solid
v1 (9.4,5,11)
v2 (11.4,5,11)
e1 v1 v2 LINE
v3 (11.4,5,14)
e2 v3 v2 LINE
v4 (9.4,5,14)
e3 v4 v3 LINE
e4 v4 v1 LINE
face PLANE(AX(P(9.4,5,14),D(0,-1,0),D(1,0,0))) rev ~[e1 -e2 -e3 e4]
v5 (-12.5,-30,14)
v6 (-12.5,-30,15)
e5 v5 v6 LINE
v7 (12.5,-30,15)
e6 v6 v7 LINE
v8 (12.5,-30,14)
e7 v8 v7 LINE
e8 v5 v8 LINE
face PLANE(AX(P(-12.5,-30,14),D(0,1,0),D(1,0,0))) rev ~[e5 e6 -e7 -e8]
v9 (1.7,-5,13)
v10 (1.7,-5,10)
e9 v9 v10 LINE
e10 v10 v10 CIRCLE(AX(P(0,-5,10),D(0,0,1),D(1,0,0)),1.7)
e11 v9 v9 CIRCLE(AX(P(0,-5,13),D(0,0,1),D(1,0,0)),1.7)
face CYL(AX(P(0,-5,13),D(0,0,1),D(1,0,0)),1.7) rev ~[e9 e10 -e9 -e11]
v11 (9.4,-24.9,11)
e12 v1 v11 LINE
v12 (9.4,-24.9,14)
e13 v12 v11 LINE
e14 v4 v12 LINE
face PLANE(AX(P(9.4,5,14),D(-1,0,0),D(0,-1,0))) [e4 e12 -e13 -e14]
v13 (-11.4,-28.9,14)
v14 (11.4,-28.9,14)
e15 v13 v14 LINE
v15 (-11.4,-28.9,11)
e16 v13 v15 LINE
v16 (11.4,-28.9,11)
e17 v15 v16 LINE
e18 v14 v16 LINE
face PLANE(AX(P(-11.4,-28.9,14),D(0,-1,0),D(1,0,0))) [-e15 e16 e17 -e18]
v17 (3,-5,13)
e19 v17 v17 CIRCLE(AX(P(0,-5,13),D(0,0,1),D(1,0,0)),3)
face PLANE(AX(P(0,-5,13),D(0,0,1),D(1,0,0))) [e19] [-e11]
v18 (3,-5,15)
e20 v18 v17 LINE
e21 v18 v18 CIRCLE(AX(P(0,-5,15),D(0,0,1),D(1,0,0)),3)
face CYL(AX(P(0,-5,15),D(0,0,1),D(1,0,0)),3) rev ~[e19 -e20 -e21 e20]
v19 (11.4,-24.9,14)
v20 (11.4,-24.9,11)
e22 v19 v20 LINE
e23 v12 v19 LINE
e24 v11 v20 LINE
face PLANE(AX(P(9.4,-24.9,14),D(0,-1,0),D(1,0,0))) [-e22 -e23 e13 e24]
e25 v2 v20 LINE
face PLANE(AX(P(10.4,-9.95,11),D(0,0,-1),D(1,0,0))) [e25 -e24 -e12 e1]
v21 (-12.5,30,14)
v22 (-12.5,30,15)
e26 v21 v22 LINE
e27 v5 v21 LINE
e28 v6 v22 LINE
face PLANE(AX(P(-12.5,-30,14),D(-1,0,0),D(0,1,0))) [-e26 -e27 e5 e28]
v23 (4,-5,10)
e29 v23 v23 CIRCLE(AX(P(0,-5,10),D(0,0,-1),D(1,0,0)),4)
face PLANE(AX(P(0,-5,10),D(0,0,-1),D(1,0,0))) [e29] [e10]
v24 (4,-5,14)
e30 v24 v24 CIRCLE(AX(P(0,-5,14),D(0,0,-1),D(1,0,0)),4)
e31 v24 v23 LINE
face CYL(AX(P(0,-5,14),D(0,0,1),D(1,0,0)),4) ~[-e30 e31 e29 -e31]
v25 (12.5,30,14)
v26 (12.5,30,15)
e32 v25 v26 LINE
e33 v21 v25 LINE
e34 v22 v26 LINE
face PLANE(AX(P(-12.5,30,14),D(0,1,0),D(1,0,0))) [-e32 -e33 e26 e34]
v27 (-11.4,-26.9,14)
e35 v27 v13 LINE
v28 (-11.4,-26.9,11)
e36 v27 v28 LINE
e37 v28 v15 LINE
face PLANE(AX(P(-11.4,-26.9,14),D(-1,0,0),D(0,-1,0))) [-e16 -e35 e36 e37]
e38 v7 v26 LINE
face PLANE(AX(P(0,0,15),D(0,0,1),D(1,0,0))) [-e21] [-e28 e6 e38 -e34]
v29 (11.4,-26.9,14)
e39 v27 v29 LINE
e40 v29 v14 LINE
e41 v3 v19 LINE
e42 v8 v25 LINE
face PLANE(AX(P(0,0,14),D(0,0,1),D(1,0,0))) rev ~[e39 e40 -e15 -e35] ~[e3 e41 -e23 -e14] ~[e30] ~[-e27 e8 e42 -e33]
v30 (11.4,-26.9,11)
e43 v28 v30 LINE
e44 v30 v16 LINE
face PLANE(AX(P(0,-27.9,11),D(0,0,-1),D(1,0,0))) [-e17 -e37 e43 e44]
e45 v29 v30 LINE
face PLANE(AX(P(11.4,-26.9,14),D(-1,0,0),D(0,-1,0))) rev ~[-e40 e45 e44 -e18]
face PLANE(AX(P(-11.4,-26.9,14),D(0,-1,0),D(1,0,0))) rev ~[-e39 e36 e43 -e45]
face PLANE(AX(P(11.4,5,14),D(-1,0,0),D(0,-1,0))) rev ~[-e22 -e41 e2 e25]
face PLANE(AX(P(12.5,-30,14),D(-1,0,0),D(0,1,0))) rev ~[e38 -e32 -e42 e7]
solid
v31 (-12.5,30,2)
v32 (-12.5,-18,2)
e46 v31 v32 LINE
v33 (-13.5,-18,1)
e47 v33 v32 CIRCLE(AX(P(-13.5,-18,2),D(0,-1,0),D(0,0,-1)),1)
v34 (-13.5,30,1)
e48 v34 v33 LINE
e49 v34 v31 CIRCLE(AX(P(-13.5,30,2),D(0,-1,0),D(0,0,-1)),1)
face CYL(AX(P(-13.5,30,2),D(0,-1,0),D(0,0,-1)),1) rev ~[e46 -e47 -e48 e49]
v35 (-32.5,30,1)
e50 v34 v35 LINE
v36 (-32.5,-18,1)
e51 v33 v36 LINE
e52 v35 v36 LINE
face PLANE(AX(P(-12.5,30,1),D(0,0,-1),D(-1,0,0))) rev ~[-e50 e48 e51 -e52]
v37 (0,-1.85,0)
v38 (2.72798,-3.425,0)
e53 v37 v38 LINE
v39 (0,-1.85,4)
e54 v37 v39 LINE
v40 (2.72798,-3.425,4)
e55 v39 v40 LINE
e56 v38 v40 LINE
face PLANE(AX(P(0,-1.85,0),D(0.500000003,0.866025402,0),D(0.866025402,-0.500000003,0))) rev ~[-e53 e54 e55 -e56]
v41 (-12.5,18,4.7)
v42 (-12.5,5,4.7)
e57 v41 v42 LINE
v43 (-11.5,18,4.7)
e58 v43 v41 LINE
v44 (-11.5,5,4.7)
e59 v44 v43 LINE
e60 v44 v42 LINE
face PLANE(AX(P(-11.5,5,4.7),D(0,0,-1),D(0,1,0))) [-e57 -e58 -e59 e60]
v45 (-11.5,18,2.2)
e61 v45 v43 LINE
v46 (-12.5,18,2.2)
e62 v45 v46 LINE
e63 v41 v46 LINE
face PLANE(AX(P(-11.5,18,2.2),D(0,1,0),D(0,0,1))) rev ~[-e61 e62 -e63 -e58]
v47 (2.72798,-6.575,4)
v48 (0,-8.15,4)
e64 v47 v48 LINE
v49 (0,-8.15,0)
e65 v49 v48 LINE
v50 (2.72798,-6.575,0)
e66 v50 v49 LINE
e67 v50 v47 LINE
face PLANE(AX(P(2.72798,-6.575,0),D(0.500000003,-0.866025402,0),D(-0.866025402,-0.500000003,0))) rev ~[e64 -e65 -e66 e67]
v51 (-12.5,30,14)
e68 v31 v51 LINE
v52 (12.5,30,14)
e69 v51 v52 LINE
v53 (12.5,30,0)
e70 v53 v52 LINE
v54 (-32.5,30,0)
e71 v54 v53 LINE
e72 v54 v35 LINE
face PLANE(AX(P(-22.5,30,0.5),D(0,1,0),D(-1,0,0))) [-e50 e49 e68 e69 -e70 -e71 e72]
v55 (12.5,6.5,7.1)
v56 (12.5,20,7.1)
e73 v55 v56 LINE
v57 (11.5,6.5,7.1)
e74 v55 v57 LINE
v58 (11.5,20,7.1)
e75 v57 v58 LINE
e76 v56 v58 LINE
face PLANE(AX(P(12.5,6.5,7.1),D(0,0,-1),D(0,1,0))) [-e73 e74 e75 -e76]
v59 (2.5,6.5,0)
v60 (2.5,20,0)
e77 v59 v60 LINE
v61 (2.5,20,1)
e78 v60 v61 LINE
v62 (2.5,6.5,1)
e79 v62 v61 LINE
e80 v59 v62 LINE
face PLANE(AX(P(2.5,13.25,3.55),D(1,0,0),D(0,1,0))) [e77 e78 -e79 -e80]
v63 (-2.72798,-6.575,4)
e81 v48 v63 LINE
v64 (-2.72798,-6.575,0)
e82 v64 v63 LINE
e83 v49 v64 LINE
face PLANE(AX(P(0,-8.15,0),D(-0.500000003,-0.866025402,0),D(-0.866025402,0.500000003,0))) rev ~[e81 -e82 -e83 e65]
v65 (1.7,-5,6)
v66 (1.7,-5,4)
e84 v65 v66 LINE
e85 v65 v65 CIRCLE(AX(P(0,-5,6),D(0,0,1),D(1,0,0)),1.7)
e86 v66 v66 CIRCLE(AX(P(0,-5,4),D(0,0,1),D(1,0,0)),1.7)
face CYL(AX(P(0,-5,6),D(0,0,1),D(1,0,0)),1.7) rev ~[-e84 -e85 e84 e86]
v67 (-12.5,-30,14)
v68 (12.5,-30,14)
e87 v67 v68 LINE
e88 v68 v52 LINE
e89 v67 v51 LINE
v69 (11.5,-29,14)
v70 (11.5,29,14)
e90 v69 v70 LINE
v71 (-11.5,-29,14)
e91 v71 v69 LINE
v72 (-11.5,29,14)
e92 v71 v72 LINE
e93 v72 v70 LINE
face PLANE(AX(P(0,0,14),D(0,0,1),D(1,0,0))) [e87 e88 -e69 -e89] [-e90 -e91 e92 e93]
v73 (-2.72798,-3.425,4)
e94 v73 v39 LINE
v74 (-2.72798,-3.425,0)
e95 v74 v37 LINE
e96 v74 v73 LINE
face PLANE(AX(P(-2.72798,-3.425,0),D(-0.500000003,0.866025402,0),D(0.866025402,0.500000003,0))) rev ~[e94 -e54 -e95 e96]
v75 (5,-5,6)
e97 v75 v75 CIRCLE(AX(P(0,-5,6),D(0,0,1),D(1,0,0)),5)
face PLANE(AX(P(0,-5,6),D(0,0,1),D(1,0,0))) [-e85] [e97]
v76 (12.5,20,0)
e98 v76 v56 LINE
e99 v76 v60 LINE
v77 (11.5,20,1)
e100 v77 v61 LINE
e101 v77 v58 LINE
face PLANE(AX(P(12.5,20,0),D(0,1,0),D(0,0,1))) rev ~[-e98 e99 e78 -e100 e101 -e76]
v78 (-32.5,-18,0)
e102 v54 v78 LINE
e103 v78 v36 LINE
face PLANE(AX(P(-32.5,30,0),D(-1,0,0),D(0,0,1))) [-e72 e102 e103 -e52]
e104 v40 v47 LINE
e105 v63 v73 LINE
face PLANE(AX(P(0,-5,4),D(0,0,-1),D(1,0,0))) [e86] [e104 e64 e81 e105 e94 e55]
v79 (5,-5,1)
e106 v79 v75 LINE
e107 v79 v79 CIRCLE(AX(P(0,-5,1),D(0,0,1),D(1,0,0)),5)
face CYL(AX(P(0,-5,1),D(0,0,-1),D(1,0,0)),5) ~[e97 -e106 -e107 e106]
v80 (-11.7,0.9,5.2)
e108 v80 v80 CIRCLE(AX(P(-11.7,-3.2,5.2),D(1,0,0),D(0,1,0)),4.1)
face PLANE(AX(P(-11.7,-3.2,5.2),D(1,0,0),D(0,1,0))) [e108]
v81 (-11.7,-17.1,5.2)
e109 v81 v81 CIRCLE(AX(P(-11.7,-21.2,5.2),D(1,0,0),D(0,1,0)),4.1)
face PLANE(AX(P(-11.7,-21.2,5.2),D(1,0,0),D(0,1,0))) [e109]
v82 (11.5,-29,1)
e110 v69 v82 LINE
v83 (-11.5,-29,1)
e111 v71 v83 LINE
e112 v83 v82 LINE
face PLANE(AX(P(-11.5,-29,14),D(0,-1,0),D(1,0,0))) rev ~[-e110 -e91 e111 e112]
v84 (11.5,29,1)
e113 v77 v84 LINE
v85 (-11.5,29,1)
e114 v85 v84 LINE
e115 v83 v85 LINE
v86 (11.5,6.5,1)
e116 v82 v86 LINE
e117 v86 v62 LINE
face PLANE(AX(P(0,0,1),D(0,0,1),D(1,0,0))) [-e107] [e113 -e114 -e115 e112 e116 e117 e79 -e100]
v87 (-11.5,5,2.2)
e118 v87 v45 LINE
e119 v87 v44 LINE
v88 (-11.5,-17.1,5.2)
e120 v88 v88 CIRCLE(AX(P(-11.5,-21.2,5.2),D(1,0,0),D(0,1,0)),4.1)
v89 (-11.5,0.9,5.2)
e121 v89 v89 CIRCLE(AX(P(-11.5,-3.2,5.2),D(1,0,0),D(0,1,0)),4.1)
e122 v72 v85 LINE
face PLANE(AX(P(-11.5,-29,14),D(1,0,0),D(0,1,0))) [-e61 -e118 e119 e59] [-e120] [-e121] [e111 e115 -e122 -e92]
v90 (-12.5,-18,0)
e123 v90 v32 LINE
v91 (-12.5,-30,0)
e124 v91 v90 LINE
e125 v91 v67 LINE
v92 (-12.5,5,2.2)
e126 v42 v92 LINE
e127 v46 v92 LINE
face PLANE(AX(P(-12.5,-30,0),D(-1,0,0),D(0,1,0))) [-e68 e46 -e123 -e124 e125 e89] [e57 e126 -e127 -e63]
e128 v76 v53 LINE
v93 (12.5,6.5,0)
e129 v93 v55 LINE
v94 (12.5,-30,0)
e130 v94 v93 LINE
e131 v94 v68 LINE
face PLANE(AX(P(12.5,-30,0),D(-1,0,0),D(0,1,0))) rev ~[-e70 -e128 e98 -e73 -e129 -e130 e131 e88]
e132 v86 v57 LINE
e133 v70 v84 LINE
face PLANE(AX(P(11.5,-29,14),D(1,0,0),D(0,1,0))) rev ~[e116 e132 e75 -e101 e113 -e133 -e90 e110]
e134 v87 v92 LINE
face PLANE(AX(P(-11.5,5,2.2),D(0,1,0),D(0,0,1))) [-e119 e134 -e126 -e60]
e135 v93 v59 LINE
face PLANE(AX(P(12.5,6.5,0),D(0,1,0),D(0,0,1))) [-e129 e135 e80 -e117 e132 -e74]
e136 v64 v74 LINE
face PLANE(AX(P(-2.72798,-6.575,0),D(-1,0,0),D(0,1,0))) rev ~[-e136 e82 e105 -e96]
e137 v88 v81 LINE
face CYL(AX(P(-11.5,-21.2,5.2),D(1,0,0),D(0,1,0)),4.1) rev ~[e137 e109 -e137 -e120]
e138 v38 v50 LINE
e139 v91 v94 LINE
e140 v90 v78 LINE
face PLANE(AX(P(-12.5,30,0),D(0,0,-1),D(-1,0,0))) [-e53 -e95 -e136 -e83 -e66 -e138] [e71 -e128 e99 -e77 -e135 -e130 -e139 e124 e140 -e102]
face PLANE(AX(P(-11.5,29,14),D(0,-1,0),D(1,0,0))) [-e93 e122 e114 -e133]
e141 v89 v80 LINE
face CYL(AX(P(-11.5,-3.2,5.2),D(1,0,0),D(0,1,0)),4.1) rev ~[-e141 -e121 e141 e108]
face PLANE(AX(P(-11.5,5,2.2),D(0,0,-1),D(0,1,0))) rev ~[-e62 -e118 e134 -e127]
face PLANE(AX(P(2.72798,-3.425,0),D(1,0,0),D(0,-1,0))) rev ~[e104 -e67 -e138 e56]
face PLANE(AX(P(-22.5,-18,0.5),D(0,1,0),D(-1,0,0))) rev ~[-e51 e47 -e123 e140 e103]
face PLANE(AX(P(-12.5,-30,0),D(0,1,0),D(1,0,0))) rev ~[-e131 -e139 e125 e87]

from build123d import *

# Parameters (mm, degrees)
SKETCH_W        = 25
SKETCH_H        = 60
PAD_DEPTH       = 14
SKETCH001_W     = 23
SKETCH001_H     = 58
POCKET_DEPTH    = 13
SKETCH002_W     = 13
SKETCH002_H     = 2.5
POCKET001_DEPTH = 5
SKETCH003_R     = 4.1
POCKET002_DEPTH = 0.2
SKETCH004_W     = 13.5
SKETCH004_H     = 7.1
POCKET003_DEPTH = 10
SKETCH005_R     = 5
PAD001_DEPTH    = 5
SKETCH006_R     = 1.7
POCKET004_DEPTH = 6.001
POCKET005_DEPTH = 4
SKETCH013_W     = 20
SKETCH013_H     = 1
PAD005_DEPTH    = 48
FILLET_R        = 1
SKETCH008_W     = 25
SKETCH008_H     = 60
PAD002_DEPTH    = 1
SKETCH009_W     = 22.8
SKETCH009_H     = 2
SKETCH009_W_2   = 2
SKETCH009_H_2   = 29.9
PAD003_DEPTH    = 3
SKETCH010_R     = 4
PAD004_DEPTH    = 4
SKETCH011_R     = 3
POCKET006_DEPTH = 2
SKETCH012_R     = 1.7
POCKET007_DEPTH = 5


with BuildPart() as bottom:
    # Sketch → Pad (new body)
    with BuildSketch(Plane.XY):
        Rectangle(SKETCH_W, SKETCH_H)
    extrude(amount=PAD_DEPTH)

    # Sketch001 (on Face6 of Pad) → Pocket (cut)
    with BuildSketch(Plane.XY.offset(14)):
        Rectangle(SKETCH001_W, SKETCH001_H)
    extrude(amount=-POCKET_DEPTH, mode=Mode.SUBTRACT)

    # Sketch002 (on Face7 of Pocket) → Pocket001 (cut)
    with BuildSketch(Plane.YZ.offset(-11.5)):
        with Locations((11.5, 3.45)):
            Rectangle(SKETCH002_W, SKETCH002_H)
    extrude(amount=-POCKET001_DEPTH, mode=Mode.SUBTRACT)

    # Sketch003 (on Face11 of Pocket001) → Pocket002 (cut)
    with BuildSketch(Plane.YZ.offset(-11.5)):
        with Locations((-3.2, 5.2)):
            Circle(SKETCH003_R)
        with Locations((-21.2, 5.2)):
            Circle(SKETCH003_R)
    extrude(amount=-POCKET002_DEPTH, mode=Mode.SUBTRACT)

    # Sketch004 (on Face3 of Pocket002) → Pocket003 (cut)
    with BuildSketch(Plane.YZ.offset(12.5)):
        with Locations((13.25, 3.55)):
            Rectangle(SKETCH004_W, SKETCH004_H)
    extrude(amount=-POCKET003_DEPTH, mode=Mode.SUBTRACT)

    # Sketch005 (on Face19 of Pocket003) → Pad001 (join)
    with BuildSketch(Plane.XY.offset(1)):
        with Locations((0, -5)):
            Circle(SKETCH005_R)
    extrude(amount=PAD001_DEPTH)

    # Sketch006 (on Face25 of Pad001) → Pocket004 (cut, through all)
    with BuildSketch(Plane.XY.offset(6)):
        with Locations((0, -5)):
            Circle(SKETCH006_R)
    extrude(amount=-POCKET004_DEPTH, mode=Mode.SUBTRACT)

    # Sketch007 (on Face4 of Pocket004) → Pocket005 (cut)
    with BuildSketch(Plane(origin=(0, 0, 0), x_dir=(1, 0, 0), z_dir=(0, 0, -1))):
        Polygon((2.72798, 6.575), (0, 8.15), (-2.72798, 6.575), (-2.72798, 3.425), (0, 1.85), (2.72798, 3.425), align=None)
    extrude(amount=-POCKET005_DEPTH, mode=Mode.SUBTRACT)

    # Sketch013 (on Face6 of Pocket005) → Pad005 (join)
    with BuildSketch(Plane(origin=(0, 30, 0), x_dir=(-1, 0, 0), z_dir=(0, 1, 0))):
        with Locations((22.5, 0.5)):
            Rectangle(SKETCH013_W, SKETCH013_H)
    extrude(amount=-PAD005_DEPTH)

    # Fillet
    fillet_edges = [bottom.edges().sort_by_distance(p)[0] for p in [
        (-12.5, 6, 1),
    ]]
    fillet(fillet_edges, radius=FILLET_R)


with BuildPart() as top:
    # Sketch008 → Pad002 (new body)
    with BuildSketch(Plane.XY.offset(14)):
        Rectangle(SKETCH008_W, SKETCH008_H)
    extrude(amount=PAD002_DEPTH)

    # Sketch009 (on Face5 of Pad002) → Pad003 (join)
    with BuildSketch(Plane(origin=(0, 0, 14), x_dir=(1, 0, 0), z_dir=(0, 0, -1))):
        with Locations((0, 27.9)):
            Rectangle(SKETCH009_W, SKETCH009_H)
        with Locations((10.4, 9.95)):
            Rectangle(SKETCH009_W_2, SKETCH009_H_2)
    extrude(amount=PAD003_DEPTH)

    # Sketch010 (on Face4 of Pad003) → Pad004 (join)
    with BuildSketch(Plane(origin=(0, 0, 14), x_dir=(1, 0, 0), z_dir=(0, 0, -1))):
        with Locations((0, 5)):
            Circle(SKETCH010_R)
    extrude(amount=PAD004_DEPTH)

    # Sketch011 (on Face5 of Pad004) → Pocket006 (cut)
    with BuildSketch(Plane.XY.offset(15)):
        with Locations((0, -5)):
            Circle(SKETCH011_R)
    extrude(amount=-POCKET006_DEPTH, mode=Mode.SUBTRACT)

    # Sketch012 (on Face20 of Pocket006) → Pocket007 (cut)
    with BuildSketch(Plane.XY.offset(13)):
        with Locations((0, -5)):
            Circle(SKETCH012_R)
    extrude(amount=-POCKET007_DEPTH, mode=Mode.SUBTRACT)


solid = Compound([bottom.part, top.part])
